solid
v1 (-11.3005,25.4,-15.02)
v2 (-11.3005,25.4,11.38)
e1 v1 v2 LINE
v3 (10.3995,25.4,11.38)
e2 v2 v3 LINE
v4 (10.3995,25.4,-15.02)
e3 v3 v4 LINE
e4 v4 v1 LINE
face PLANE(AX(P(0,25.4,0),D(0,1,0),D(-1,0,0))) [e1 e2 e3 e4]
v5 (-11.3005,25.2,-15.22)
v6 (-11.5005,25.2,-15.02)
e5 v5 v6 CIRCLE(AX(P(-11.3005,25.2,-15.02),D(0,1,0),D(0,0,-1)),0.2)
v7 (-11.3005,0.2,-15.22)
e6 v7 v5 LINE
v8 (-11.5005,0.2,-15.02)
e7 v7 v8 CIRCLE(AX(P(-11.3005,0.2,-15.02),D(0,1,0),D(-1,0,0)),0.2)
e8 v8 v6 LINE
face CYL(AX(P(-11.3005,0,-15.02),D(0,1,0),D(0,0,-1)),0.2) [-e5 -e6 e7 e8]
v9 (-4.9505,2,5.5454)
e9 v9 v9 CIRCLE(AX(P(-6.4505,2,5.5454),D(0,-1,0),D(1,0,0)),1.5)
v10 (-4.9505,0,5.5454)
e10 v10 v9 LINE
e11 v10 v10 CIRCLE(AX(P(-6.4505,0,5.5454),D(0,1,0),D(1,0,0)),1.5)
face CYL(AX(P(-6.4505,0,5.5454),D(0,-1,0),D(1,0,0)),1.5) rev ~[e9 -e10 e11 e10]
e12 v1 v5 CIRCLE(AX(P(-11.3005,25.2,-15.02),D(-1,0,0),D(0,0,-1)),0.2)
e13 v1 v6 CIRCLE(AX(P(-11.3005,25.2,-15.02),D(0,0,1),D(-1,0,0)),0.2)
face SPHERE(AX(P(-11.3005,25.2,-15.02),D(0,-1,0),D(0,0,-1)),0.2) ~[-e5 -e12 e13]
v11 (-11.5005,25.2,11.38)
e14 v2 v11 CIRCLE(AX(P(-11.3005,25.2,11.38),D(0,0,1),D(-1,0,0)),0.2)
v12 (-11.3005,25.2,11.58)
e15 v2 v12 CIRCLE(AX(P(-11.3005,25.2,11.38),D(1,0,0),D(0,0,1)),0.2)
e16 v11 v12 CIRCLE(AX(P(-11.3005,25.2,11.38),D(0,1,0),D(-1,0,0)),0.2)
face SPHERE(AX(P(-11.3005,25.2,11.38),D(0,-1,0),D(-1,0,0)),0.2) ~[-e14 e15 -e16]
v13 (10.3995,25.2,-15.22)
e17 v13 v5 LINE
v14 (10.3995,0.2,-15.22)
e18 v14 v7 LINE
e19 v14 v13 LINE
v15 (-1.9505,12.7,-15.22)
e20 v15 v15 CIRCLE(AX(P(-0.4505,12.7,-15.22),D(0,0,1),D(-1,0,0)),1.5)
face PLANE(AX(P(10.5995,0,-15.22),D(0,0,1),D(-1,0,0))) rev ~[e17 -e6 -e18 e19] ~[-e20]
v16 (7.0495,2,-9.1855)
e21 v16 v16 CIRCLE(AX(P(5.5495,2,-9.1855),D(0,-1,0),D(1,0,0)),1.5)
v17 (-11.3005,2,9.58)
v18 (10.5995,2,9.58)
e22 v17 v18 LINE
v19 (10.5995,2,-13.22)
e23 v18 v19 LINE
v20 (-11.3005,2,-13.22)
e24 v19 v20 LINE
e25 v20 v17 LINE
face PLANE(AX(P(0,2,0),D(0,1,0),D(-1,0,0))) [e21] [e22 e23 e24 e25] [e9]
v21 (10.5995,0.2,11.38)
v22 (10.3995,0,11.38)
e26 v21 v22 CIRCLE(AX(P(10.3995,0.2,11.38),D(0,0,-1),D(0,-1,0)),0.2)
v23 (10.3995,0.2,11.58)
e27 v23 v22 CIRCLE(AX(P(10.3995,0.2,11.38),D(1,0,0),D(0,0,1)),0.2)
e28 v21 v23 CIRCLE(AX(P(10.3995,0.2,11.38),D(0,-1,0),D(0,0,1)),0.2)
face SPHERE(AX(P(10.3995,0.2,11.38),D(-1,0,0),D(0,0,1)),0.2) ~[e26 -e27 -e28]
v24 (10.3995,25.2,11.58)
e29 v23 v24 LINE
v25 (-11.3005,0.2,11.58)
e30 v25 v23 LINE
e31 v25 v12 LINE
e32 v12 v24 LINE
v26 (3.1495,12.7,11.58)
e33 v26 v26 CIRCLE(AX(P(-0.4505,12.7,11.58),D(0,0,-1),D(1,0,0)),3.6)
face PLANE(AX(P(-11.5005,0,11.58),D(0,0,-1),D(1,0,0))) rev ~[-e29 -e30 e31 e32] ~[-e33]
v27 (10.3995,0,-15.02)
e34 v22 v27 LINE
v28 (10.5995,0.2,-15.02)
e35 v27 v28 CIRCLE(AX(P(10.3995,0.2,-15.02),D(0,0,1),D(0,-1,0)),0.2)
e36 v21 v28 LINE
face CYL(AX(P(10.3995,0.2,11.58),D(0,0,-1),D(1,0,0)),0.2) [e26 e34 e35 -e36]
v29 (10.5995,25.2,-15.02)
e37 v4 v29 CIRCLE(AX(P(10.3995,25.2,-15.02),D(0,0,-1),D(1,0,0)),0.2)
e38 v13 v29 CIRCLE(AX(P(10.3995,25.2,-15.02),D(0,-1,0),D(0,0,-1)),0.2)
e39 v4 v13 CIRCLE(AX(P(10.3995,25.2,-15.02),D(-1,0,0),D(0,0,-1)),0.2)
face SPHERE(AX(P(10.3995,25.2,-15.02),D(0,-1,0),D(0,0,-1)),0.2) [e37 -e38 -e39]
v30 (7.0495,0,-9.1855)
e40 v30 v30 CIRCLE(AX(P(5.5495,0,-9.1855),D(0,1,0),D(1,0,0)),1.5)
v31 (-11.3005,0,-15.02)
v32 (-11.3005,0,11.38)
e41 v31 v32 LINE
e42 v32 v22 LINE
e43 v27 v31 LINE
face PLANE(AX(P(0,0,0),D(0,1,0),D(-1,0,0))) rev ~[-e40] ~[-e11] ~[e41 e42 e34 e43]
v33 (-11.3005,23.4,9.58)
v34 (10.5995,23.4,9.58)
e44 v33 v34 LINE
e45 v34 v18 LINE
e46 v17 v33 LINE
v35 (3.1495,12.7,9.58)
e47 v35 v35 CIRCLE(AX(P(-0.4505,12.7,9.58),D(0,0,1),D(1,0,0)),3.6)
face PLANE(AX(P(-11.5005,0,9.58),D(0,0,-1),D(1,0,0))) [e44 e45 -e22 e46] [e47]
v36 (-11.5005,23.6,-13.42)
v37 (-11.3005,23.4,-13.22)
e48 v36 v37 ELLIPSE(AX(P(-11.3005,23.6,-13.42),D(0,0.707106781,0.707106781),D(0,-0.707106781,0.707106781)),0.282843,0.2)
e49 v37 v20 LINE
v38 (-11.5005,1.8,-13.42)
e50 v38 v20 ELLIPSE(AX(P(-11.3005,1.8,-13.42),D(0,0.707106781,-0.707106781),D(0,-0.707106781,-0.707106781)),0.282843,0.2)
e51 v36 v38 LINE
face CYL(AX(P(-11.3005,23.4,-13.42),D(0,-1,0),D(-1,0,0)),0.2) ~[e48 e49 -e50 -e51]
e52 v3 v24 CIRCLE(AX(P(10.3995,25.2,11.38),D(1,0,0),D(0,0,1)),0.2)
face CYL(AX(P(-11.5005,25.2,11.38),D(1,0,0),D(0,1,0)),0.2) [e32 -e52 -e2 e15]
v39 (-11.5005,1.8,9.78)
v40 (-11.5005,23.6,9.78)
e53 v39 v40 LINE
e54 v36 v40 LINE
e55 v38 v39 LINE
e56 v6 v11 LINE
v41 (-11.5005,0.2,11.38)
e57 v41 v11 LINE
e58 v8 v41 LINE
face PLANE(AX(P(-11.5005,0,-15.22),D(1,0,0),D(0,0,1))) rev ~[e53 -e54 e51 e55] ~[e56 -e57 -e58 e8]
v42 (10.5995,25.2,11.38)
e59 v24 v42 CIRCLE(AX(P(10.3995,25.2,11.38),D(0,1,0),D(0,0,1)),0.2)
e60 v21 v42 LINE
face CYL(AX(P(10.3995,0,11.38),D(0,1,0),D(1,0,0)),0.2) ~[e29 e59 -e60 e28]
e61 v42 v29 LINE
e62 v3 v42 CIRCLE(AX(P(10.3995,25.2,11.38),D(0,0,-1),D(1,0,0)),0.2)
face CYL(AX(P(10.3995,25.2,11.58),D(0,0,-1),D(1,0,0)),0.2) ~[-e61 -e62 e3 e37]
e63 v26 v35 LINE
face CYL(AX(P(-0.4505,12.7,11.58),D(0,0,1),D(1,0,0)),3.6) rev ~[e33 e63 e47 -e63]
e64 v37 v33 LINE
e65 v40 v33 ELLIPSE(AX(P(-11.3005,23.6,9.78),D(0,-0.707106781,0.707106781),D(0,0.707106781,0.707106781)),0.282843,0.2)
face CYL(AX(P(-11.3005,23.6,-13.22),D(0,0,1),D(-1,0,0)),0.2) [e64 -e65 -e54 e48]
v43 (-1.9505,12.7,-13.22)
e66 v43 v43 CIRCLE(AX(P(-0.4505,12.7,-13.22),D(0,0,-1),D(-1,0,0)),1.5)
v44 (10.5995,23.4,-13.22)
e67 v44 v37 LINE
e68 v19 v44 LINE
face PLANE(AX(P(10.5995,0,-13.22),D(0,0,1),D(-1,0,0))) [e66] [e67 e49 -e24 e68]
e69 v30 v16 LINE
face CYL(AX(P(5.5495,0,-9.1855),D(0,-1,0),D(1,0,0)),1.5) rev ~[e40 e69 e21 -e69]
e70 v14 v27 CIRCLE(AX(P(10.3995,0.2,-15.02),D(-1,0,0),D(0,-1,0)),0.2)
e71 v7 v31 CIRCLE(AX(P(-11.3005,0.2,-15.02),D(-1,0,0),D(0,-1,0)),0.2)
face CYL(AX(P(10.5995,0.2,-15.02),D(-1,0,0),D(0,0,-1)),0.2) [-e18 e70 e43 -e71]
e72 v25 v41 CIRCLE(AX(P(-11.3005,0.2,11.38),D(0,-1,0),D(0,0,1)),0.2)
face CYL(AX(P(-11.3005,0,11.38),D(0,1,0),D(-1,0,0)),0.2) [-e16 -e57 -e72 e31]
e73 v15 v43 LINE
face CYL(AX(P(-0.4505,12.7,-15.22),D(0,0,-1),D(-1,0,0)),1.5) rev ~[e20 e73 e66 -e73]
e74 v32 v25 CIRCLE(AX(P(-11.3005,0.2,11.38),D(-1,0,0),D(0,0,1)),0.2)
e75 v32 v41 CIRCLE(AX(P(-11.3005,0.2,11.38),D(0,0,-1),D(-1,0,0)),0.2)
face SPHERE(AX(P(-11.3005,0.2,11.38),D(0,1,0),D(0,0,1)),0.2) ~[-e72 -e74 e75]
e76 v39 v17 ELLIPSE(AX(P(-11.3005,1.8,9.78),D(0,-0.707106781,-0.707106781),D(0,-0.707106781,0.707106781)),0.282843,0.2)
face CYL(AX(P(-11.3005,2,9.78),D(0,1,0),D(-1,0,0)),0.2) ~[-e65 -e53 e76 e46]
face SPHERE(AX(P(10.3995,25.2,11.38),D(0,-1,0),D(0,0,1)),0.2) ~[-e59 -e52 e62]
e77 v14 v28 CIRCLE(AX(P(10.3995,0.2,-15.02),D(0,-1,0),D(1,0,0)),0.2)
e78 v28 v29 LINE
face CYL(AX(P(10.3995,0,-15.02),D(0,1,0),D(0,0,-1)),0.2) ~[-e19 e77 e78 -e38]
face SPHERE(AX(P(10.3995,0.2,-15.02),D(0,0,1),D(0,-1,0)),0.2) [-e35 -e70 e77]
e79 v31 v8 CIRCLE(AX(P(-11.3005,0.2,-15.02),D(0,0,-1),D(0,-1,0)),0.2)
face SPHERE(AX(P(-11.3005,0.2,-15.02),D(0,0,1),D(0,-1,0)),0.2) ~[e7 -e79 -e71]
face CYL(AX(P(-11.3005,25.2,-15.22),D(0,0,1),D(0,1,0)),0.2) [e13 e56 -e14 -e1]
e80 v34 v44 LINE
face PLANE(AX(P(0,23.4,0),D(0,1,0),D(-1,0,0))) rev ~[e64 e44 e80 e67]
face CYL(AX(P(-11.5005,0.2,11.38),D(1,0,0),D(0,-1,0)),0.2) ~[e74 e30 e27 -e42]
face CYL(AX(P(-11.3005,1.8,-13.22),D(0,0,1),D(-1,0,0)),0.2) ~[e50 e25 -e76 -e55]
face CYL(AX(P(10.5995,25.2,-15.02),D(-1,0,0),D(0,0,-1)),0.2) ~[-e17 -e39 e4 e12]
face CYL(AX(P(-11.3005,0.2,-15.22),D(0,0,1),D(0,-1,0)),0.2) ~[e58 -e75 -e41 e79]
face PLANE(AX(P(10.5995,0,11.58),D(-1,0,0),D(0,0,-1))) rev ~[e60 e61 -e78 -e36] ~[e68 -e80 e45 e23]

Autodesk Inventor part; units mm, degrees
ref_plane "YZ Plane" through (0, 0, 0) normal (1, 0, 0) x (0, 1, 0)
ref_plane "XZ Plane" through (0, 0, 0) normal (0, 1, 0) x (-1, 0, 0)
ref_plane "XY Plane" through (0, 0, 0) normal (0, 0, 1) x (1, 0, 0)
sketch "Sketch1" plane through (0, 0, 0) normal (0, 1, 0) x (-1, 0, 0)
  line L0 (11.5005, 11.58) -> (-10.5995, 11.58)
  line L1 (-10.5995, 11.58) -> (-10.5995, -15.22)
  line L2 (-10.5995, -15.22) -> (11.5005, -15.22)
  line L3 (11.5005, -15.22) -> (11.5005, 11.58)
  point P0 (0, 0)
  dimension "d0" = 22.1
  dimension "d1" = 26.8
extrude "Extrusion1" add sketch "Sketch1" along normal blind 25.4
shell "Shell1" thickness 2 removed faces 2 at (-11.5005, 8.4667, -6.2867) at (10.5995, 8.4667, 2.6466)
sketch "Sketch2" plane through (0, 0, 0) normal (0, -1, 0) x (1, 0, 0)
  line L0 (-11.5005, 11.58) -> (10.5995, 11.58) projected
  line L1 (-0.4505, 11.58) -> (-0.4505, -15.22)
  line L2 (10.5995, -15.22) -> (-11.5005, -15.22) projected
  circle A0 centre (-0.4505, -1.82) radius 9.5
  circle A1 centre (-6.4505, 5.5454) radius 1.5
  circle A2 centre (5.5495, -9.1855) radius 1.5
  point P0 (0, 0)
  dimension "d4" = 19
  dimension "d5" = 3
  dimension "d6" = 3
  dimension "d7" = 6
  dimension "d8" = 12
extrude "Extrusion2" cut sketch "Sketch2" against normal up to next contours A1 A0 | A0 A1 | A2 A0 | A0 A2
sketch "Sketch3" plane through (-11.5005, 0, 11.58) normal (0, 0, 1) x (1, 0, 0)
  line L0 (22.1, 0) -> (0, 0) projected
  line L1 (11.05, 0) -> (11.05, 25.4)
  line L2 (0, 25.4) -> (22.1, 25.4) projected
  circle A0 centre (11.05, 12.7) radius 3.6
  point P0 (11.5005, 0)
  dimension "d12" = 7.2
extrude "Extrusion3" cut sketch "Sketch3" against normal up to next
sketch "Sketch4" plane through (10.5995, 0, -15.22) normal (0, 0, -1) x (-1, 0, 0)
  line L0 (0, 25.4) -> (22.1, 25.4) projected
  line L1 (11.05, 25.4) -> (11.05, 0)
  line L2 (22.1, 0) -> (0, 0) projected
  circle A0 centre (11.05, 12.7) radius 1.5
  point P0 (10.5995, 0)
  dimension "d15" = 3
extrude "Extrusion4" cut sketch "Sketch4" against normal up to next
fillet "Fillet1" radius 0.2 16 edges at (-11.5005, 12.7, 11.58) (-0.4505, 0, 11.58) (10.5995, 12.7, 11.58) (10.5995, 0, -1.82) (-11.5005, 0, -1.82) (-0.4505, 0, -15.22) (10.5995, 12.7, -15.22) (-11.5005, 12.7, -15.22) (-0.4505, 25.4, -15.22) (-11.5005, 25.4, -1.82) (-0.4505, 25.4, 11.58) (10.5995, 25.4, -1.82) (-11.5005, 12.7, -13.22) (-11.5005, 2, -1.82) (-11.5005, 12.7, 9.58) (-11.5005, 23.4, -1.82)
properties part number "Solenoid_shell"
